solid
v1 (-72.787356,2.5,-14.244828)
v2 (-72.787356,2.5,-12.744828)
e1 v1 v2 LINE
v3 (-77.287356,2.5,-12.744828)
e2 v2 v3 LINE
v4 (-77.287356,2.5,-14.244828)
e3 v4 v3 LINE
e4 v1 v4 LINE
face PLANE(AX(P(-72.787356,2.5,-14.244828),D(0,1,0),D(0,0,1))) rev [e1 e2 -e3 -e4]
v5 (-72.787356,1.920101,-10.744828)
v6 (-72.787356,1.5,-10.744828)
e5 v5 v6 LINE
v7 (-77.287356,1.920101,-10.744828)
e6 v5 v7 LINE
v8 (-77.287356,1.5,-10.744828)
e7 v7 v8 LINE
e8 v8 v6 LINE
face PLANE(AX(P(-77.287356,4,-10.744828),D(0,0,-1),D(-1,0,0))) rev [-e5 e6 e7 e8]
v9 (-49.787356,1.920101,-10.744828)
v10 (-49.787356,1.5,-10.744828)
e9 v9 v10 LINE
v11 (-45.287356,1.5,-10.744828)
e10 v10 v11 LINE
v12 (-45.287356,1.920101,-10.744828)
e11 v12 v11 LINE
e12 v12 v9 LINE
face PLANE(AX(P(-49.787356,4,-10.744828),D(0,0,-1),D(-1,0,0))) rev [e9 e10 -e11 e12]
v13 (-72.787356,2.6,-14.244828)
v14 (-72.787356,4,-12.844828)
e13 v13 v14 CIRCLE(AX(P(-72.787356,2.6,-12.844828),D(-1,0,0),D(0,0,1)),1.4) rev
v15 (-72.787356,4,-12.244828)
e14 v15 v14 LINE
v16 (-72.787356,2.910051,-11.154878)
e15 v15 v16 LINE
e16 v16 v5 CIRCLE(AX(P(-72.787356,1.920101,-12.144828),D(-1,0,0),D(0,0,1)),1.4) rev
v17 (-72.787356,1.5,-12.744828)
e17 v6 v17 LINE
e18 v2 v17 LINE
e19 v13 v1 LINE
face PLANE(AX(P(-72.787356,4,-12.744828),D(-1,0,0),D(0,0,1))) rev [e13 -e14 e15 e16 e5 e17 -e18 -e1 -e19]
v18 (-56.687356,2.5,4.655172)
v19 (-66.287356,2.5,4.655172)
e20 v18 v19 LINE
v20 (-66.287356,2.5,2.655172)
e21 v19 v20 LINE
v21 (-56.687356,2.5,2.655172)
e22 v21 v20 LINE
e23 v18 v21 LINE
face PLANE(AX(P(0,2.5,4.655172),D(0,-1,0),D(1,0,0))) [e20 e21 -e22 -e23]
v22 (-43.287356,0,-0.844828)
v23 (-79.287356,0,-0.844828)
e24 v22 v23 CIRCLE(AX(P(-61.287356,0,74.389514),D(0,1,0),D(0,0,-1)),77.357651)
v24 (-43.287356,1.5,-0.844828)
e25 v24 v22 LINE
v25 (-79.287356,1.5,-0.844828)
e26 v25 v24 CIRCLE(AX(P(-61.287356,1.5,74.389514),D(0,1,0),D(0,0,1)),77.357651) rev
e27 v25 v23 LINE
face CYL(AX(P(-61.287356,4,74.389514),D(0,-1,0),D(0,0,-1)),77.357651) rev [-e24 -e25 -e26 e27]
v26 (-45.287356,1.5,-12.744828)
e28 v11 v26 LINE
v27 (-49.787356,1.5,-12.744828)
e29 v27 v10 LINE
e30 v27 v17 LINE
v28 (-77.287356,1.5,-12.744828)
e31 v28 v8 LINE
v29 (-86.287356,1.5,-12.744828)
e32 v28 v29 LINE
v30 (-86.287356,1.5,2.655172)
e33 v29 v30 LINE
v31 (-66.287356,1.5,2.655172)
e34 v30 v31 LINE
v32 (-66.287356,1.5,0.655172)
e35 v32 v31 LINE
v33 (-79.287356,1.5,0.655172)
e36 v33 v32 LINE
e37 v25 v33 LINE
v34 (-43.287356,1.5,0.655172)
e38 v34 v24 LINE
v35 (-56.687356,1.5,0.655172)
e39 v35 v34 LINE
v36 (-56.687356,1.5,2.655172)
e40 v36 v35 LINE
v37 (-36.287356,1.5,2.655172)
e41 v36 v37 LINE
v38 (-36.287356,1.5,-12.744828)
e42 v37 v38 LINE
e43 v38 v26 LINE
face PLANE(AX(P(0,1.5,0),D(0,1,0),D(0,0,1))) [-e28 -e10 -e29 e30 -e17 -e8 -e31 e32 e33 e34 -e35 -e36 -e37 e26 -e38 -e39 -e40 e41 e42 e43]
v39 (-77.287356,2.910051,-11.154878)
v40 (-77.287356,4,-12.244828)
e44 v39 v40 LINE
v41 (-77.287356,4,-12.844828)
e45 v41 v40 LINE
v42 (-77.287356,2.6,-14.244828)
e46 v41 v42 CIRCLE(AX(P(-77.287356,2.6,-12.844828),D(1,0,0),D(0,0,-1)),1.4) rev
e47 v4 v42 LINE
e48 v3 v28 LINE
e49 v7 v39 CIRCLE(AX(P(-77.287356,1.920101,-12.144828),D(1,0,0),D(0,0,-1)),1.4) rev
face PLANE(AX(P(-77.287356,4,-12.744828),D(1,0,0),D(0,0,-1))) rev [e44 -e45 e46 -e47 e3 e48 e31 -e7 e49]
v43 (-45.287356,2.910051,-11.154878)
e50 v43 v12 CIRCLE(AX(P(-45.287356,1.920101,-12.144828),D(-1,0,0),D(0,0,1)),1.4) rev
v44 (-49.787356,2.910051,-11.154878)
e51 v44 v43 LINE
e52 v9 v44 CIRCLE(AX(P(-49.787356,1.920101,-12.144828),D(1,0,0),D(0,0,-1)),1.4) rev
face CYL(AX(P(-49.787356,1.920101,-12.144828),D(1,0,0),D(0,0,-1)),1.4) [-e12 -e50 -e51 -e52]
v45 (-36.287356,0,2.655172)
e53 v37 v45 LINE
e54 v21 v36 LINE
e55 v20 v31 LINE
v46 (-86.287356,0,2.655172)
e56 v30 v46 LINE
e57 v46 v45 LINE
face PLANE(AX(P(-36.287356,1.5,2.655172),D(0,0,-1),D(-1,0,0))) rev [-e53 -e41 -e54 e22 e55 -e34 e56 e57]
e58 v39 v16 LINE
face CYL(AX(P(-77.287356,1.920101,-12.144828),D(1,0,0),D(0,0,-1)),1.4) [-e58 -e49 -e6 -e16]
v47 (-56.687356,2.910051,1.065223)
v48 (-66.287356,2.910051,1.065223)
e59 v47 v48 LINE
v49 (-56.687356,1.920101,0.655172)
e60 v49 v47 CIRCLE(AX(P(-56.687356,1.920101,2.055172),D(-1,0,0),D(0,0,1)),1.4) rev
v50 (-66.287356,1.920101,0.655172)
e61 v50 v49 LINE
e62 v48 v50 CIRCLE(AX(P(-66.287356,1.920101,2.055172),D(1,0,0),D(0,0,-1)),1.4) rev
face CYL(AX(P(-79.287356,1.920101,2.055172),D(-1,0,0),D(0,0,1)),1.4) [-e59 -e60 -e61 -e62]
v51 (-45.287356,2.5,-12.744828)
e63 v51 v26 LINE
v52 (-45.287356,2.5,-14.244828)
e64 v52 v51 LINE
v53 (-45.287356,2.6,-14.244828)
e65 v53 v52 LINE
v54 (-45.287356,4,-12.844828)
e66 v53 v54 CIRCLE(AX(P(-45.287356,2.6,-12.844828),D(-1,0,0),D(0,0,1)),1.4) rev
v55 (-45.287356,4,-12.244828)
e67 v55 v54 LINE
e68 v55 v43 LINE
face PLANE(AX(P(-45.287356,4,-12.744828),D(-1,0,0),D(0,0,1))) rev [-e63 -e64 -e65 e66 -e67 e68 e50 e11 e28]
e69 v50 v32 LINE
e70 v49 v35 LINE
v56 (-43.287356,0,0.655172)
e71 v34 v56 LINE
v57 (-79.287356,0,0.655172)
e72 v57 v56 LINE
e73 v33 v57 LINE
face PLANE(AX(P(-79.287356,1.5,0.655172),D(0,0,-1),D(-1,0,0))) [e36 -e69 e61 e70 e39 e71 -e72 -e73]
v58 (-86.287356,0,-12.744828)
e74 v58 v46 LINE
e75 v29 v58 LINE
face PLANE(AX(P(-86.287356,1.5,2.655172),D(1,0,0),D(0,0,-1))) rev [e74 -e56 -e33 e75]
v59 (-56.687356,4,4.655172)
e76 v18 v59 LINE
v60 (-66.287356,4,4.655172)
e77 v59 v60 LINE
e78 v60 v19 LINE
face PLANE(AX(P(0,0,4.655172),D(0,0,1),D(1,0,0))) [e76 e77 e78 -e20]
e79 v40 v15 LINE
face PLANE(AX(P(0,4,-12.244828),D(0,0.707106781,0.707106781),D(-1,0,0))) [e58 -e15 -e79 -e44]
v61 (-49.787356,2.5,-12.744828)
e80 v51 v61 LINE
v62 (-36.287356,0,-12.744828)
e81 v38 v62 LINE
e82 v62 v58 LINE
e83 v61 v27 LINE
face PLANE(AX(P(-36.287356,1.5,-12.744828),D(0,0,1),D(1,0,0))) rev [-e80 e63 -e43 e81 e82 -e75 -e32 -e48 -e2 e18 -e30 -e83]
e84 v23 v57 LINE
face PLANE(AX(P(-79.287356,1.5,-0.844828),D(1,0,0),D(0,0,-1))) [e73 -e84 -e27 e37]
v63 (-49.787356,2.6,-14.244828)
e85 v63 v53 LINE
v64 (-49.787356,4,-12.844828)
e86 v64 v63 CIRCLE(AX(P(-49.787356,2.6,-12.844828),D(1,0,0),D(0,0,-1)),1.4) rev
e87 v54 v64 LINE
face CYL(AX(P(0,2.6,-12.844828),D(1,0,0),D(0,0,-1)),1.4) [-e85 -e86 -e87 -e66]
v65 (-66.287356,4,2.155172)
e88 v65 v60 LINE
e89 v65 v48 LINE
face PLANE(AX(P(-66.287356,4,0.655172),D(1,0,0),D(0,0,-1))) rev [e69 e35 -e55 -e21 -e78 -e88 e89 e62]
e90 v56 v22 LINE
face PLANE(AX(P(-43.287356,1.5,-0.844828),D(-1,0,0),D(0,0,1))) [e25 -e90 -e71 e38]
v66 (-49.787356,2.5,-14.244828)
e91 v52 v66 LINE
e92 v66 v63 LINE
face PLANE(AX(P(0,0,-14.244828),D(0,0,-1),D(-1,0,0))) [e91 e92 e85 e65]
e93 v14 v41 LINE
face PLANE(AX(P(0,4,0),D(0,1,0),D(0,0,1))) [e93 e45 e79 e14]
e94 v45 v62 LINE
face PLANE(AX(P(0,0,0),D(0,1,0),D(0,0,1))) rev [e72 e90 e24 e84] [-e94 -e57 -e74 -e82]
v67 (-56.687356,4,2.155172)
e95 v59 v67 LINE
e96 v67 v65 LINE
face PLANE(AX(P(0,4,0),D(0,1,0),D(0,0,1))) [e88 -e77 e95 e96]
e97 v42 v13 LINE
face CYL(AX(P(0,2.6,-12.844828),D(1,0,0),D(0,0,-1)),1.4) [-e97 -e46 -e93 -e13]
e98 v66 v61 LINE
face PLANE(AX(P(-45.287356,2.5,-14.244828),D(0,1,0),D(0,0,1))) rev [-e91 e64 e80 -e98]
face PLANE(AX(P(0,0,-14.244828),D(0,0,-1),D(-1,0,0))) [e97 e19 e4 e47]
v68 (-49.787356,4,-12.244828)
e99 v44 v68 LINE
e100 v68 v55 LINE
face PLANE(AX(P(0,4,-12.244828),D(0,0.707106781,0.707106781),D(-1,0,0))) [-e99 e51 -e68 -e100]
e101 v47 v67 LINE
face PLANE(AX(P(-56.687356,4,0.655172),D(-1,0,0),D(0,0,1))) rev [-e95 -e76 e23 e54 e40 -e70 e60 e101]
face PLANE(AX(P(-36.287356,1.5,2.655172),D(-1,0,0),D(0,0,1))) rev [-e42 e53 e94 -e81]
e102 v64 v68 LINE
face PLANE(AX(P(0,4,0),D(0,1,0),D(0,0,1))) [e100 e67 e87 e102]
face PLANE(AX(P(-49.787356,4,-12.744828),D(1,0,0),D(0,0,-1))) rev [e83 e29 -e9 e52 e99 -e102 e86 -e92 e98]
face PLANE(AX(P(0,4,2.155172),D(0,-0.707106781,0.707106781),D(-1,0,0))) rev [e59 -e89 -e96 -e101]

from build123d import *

# Parameters (mm, degrees)
SKETCH1_W               = 50
SKETCH1_H               = 15.4
SKETCH1_W_2             = 36
SKETCH1_H_2             = 1.5
BOSS_EXTRUDE1_DEPTH     = 1.5
SKETCH2_W               = 9.6
SKETCH2_H               = 2
SKETCH2_W_2             = 4.5
BOSS_EXTRUDE2_DEPTH     = 2.5
CHAMFER3_SIZE           = 1.5
CHAMFER4_SIZE           = 1.5
FILLET3_R               = 1.4
SKETCH5_W               = 9.6
SKETCH5_H               = 1.5
BOSS_EXTRUDE4_DEPTH     = 2
FILLET4_R               = 1.4
SKETCH6_W               = 4.5
SKETCH6_H               = 1.5
BOSS_EXTRUDE5_DEPTH     = 1.5
FILLET5_R               = 1.4
CUT_EXTRUDE5_DEPTH      = 88.490987959
CUT_EXTRUDE5_DEPTH_BACK = 88.490987959


with BuildPart() as part:
    # Sketch1 → Boss-Extrude1 (new body)
    with BuildSketch(Plane(origin=(0, 0, 0), x_dir=(1, 0, 0), z_dir=(0, 1, 0))):
        with Locations((-61.287356322, 5.044827586)):
            Rectangle(SKETCH1_W, SKETCH1_H)
        with Locations((-61.287356322, 0.094827586)):
            Rectangle(SKETCH1_W_2, SKETCH1_H_2, mode=Mode.SUBTRACT)
    extrude(amount=BOSS_EXTRUDE1_DEPTH)

    # Sketch2 → Boss-Extrude2 (add)
    with BuildSketch(Plane(origin=(0, 1.5, 0), x_dir=(1, 0, 0), z_dir=(0, 1, 0))):
        with Locations((-61.487356322, -1.655172414)):
            Rectangle(SKETCH2_W, SKETCH2_H)
        with Locations((-75.037356322, 11.744827586)):
            Rectangle(SKETCH2_W_2, SKETCH2_H)
        with Locations((-47.537356322, 11.744827586)):
            Rectangle(SKETCH2_W_2, SKETCH2_H)
    extrude(amount=BOSS_EXTRUDE2_DEPTH)

    # Chamfer3
    chamfer3_edges = [part.edges().sort_by_distance(p)[0] for p in [
        (-75.037356322, 4, -10.744827586),
    ]]
    chamfer(chamfer3_edges, length=CHAMFER3_SIZE)

    # Chamfer4
    chamfer4_edges = [part.edges().sort_by_distance(p)[0] for p in [
        (-61.487356322, 4, 0.655172414),
        (-47.537356322, 4, -10.744827586),
    ]]
    chamfer(chamfer4_edges, length=CHAMFER4_SIZE)

    # Fillet3
    fillet3_edges = [part.edges().sort_by_distance(p)[0] for p in [
        (-75.037356322, 2.5, -10.744827586),
        (-47.537356322, 2.5, -10.744827586),
    ]]
    fillet(fillet3_edges, radius=FILLET3_R)

    # Sketch5 → Boss-Extrude4 (add)
    with BuildSketch(Plane.XY.offset(2.655172414)):
        with Locations((-61.487356322, 3.25)):
            Rectangle(SKETCH5_W, SKETCH5_H)
    extrude(amount=BOSS_EXTRUDE4_DEPTH)

    # Fillet4
    fillet4_edges = [part.edges().sort_by_distance(p)[0] for p in [
        (-61.487356322, 2.5, 0.655172414),
    ]]
    fillet(fillet4_edges, radius=FILLET4_R)

    # Sketch6 → Boss-Extrude5 (add)
    with BuildSketch(Plane(origin=(0, 0, -12.744827586), x_dir=(-1, 0, 0), z_dir=(0, 0, -1))):
        with Locations((47.537356322, 3.25)):
            Rectangle(SKETCH6_W, SKETCH6_H)
        with Locations((75.037356322, 3.25)):
            Rectangle(SKETCH6_W, SKETCH6_H)
    extrude(amount=BOSS_EXTRUDE5_DEPTH)

    # Fillet5
    fillet5_edges = [part.edges().sort_by_distance(p)[0] for p in [
        (-47.537356322, 4, -14.244827586),
        (-75.037356322, 4, -14.244827586),
    ]]
    fillet(fillet5_edges, radius=FILLET5_R)

    # Sketch7 → Cut-Extrude5 (cut, two sides: drawn at the far end of the back side and taken through both)
    with BuildSketch(Plane(origin=(0, 1.5, 0), x_dir=(1, 0, 0), z_dir=(0, 1, 0)).offset(-CUT_EXTRUDE5_DEPTH_BACK)):
        with BuildLine():
            Line((-79.287356322, 0.844827586), (-43.287356322, 0.844827586))
            ThreePointArc((-43.287356322, 0.844827586), (-61.287356322, 2.968136908), (-79.287356322, 0.844827586))
        make_face()
    extrude(amount=CUT_EXTRUDE5_DEPTH + CUT_EXTRUDE5_DEPTH_BACK, mode=Mode.SUBTRACT)


solid = part.part
